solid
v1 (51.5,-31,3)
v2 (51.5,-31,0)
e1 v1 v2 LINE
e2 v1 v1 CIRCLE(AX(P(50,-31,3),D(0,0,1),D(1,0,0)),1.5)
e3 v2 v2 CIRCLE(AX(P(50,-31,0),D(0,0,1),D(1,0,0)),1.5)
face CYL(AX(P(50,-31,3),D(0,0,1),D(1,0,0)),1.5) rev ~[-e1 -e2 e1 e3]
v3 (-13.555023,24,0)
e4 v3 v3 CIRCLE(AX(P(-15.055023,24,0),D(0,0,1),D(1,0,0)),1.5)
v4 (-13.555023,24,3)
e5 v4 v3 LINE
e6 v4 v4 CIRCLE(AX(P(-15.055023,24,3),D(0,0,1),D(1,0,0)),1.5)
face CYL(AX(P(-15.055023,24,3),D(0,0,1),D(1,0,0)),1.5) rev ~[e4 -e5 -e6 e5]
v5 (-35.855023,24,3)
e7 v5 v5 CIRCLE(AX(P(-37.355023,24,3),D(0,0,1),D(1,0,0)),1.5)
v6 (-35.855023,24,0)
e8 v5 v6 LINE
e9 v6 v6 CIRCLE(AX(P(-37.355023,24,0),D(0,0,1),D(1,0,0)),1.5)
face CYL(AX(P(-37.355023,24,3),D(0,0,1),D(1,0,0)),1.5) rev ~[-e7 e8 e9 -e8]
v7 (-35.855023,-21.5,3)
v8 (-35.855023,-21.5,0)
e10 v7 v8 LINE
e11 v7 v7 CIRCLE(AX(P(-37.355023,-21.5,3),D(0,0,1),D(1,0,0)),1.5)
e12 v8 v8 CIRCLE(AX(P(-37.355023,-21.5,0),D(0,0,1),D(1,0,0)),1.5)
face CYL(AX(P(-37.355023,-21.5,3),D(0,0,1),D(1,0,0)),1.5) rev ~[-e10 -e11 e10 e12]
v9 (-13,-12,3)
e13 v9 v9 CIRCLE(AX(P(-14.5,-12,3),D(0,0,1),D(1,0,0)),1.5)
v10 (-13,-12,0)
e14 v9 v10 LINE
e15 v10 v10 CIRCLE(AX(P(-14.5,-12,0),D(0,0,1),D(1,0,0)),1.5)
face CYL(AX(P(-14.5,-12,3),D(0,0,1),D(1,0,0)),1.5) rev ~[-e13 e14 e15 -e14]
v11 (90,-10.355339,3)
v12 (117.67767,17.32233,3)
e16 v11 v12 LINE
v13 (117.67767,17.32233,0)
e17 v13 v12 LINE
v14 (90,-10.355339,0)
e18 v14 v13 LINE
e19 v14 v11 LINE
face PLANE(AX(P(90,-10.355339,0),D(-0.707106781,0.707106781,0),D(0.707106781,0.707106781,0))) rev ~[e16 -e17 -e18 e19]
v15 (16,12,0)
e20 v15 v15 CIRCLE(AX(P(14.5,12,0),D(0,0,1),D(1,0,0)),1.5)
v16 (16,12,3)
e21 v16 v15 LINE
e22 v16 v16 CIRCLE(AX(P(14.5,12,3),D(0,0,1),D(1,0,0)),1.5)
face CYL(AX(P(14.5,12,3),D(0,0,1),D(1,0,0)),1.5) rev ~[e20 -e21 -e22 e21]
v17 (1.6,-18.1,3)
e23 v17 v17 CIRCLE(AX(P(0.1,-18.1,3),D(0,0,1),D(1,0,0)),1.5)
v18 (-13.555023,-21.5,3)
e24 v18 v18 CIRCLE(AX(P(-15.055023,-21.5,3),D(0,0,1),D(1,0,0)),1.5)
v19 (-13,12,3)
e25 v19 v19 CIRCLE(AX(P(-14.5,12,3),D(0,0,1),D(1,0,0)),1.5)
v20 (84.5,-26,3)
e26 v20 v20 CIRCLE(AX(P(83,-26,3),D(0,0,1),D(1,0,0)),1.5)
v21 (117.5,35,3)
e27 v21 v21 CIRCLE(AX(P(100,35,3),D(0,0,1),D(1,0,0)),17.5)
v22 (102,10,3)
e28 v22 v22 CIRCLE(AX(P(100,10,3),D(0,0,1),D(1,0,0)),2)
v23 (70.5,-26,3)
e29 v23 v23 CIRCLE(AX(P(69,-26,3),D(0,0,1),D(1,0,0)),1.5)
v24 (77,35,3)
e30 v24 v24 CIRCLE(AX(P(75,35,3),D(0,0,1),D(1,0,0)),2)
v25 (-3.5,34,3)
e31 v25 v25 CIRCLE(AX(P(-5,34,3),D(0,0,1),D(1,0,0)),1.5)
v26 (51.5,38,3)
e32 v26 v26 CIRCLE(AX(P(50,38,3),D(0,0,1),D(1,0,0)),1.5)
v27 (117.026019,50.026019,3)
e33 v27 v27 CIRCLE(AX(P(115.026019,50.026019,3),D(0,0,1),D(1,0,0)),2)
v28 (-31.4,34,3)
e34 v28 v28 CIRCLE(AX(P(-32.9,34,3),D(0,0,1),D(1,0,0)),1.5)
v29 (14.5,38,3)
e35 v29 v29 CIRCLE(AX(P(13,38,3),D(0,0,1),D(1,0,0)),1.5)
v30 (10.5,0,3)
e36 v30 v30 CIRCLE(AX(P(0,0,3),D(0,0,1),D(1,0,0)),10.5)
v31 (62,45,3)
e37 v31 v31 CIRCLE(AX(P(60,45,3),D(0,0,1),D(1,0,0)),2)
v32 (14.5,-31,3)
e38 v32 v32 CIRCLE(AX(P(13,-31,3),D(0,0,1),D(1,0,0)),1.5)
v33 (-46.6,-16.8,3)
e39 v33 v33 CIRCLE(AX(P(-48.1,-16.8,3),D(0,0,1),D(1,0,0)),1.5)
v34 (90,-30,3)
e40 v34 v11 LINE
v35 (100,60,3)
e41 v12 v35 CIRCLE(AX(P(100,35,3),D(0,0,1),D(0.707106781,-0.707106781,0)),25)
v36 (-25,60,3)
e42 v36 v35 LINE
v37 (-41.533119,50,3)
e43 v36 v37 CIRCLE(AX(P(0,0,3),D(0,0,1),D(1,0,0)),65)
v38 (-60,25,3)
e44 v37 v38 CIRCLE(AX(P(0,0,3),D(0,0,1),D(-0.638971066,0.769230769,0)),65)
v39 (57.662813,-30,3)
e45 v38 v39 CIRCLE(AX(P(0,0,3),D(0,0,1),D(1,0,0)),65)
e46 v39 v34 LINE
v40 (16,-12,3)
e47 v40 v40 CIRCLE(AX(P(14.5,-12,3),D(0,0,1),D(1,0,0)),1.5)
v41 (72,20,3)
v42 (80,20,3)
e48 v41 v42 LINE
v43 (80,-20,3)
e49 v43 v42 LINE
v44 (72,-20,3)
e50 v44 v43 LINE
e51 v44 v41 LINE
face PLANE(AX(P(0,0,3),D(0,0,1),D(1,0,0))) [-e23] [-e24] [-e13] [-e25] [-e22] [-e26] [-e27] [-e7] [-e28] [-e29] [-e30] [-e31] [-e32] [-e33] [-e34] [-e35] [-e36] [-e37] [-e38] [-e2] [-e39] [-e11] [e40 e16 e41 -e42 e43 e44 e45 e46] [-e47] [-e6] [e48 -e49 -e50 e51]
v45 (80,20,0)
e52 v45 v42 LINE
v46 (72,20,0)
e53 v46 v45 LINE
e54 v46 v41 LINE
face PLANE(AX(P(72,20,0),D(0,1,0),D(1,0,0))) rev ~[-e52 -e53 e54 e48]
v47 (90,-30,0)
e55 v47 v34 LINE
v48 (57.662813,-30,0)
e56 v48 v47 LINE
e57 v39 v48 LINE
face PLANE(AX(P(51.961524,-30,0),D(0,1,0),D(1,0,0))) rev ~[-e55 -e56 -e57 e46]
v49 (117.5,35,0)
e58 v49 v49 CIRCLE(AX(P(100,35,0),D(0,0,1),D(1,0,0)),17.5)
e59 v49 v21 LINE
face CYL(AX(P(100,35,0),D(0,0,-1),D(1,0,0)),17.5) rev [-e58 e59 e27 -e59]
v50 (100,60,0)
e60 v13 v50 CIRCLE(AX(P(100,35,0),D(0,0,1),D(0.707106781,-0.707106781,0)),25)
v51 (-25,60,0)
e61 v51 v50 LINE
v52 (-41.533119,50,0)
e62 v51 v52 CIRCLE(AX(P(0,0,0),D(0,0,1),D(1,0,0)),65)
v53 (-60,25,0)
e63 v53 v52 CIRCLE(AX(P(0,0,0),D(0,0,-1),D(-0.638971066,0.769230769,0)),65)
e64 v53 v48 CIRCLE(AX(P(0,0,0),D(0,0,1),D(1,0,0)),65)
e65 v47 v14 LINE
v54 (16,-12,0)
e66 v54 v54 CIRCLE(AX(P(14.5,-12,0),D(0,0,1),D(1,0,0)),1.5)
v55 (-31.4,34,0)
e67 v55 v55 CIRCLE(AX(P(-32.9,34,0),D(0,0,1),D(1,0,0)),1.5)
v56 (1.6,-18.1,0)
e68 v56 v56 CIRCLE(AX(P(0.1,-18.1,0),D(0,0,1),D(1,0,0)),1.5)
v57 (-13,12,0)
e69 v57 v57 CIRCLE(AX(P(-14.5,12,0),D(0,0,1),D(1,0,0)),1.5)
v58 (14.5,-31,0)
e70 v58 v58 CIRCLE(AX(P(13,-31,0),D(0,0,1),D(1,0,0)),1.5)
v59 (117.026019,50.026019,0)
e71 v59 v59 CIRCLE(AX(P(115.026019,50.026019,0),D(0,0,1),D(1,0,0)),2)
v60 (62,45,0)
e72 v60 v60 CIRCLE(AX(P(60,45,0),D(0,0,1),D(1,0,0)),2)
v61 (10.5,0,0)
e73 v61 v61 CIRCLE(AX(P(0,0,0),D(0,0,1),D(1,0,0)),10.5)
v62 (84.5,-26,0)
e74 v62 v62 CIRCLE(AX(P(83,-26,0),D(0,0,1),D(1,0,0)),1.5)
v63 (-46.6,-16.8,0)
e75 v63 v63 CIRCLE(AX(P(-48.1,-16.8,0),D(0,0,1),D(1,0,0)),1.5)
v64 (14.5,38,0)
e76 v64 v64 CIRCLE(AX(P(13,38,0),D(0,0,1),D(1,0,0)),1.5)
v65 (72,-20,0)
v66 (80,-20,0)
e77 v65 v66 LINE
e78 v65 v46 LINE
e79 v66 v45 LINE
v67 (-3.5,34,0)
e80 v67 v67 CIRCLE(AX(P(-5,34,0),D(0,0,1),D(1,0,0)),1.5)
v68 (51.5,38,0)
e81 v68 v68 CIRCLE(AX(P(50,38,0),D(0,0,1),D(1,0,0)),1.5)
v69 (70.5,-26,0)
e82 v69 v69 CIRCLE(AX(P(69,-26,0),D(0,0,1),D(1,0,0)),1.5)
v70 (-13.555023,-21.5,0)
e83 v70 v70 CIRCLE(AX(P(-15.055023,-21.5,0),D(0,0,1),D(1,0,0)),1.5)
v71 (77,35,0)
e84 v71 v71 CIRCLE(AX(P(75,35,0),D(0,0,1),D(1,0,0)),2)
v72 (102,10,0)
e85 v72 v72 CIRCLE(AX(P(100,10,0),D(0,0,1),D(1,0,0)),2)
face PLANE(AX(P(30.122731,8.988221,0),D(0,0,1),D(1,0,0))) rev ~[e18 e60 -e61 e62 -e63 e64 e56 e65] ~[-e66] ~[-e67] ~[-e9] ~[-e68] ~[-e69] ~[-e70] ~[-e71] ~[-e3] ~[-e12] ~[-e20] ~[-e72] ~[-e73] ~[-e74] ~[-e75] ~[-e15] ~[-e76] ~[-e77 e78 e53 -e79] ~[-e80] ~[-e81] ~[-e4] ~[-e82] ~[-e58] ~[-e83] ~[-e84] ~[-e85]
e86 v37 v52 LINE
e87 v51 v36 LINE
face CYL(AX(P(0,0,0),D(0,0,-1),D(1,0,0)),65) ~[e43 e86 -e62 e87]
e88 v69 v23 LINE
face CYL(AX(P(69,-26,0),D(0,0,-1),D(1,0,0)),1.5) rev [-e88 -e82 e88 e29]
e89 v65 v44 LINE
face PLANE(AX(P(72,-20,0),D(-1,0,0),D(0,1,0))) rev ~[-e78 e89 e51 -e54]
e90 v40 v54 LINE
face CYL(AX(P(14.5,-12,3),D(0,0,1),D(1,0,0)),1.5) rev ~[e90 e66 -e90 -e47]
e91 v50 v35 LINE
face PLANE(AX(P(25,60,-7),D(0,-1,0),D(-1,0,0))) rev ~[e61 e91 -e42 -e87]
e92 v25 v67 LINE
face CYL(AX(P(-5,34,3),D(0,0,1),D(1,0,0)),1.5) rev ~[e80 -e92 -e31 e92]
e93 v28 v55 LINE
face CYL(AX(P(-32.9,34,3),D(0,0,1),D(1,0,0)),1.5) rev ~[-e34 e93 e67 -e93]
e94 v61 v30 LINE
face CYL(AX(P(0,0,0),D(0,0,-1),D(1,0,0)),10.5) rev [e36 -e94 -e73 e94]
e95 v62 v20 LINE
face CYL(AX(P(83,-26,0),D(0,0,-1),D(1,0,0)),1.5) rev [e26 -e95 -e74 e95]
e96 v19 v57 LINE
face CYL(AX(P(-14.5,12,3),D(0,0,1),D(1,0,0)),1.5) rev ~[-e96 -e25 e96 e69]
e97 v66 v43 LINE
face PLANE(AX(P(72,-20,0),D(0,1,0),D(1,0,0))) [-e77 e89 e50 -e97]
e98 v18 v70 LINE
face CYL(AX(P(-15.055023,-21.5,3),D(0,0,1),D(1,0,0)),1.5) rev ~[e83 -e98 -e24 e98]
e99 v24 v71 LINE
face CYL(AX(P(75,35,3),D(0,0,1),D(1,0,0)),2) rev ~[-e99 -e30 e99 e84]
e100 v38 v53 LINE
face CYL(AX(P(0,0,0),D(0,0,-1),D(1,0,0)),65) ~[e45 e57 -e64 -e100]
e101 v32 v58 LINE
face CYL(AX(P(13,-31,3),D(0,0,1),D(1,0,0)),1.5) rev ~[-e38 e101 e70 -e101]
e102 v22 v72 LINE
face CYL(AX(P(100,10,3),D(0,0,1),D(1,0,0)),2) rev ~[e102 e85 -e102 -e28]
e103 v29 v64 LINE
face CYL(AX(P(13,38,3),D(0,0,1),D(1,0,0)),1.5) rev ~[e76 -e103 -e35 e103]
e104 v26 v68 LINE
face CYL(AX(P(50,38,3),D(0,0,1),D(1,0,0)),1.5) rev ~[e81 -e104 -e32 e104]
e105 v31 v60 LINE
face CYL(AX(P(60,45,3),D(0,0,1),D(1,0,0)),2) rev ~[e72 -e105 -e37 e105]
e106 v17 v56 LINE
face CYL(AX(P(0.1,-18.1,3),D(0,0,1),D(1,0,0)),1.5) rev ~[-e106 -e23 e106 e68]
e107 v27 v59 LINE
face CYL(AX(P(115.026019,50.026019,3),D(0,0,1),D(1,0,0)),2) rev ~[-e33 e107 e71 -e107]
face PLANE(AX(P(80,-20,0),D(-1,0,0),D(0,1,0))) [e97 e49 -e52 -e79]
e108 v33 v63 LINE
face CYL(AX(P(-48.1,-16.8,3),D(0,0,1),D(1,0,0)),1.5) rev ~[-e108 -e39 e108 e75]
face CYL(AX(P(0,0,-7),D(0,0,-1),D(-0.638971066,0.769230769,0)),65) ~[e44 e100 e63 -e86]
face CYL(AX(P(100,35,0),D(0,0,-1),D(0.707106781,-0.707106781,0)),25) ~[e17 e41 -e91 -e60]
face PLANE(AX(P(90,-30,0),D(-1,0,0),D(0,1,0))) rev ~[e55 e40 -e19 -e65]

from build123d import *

# Parameters (mm, degrees)
SKETCH1_R           = 10.5
SKETCH1_R_2         = 1.5
SKETCH1_W           = 8
SKETCH1_H           = 40
SKETCH1_R_3         = 17.5
BOSS_EXTRUDE1_DEPTH = 3
CUT_EXTRUDE1_REACH  = 140.687
SKETCH2_R           = 2
CUT_EXTRUDE2_REACH  = 140.687
SKETCH3_R           = 2
BOSS_EXTRUDE2_START = -3
SKETCH4_R           = 65
SKETCH4_R_2         = 60
BOSS_EXTRUDE2_DEPTH = 3
CUT_EXTRUDE3_START  = -10
CUT_EXTRUDE3_DEPTH  = 10
CUT_EXTRUDE4_START  = -10
CUT_EXTRUDE4_DEPTH  = 10
CUT_EXTRUDE5_REACH  = 142.922
SKETCH7_R           = 1.5
CUT_EXTRUDE6_REACH  = 142.922
SKETCH8_R           = 1.5
CUT_EXTRUDE7_REACH  = 142.922
SKETCH9_R           = 1.5


with BuildPart() as part:
    # Sketch1 → Boss-Extrude1 (new body)
    # profile 1 of 2: a face of its own
    with BuildSketch(Plane.XY):
        with BuildLine():
            ThreePointArc((-60, 0), (-52.867640737, 28.372743309), (-33.166247904, 50))
            Line((-33.166247904, 50), (-60, 50))
            Line((-60, 50), (-60, 0))
        make_face()
    # profile 2 of 2: a face of its own
    with BuildSketch(Plane.XY):
        with BuildLine():
            ThreePointArc((0, 60), (-17.320508076, 57.445626465), (-33.166247904, 50))
            ThreePointArc((-33.166247904, 50), (-52.867640737, 28.372743309), (-60, 0))
            ThreePointArc((-60, 0), (-15.529142706, -57.955549577), (51.961524227, -30))
            Line((51.961524227, -30), (56.568542495, -30))
            Line((56.568542495, -30), (90, -30))
            Line((90, -30), (90, -10.355339059))
            Line((90, -10.355339059), (117.67766953, 17.32233047))
            ThreePointArc((117.67766953, 17.32233047), (123.096988313, 44.567085809), (100, 60))
            Line((100, 60), (0, 60))
        make_face()
        Circle(SKETCH1_R, mode=Mode.SUBTRACT)
        with Locations((69, -26)):
            Circle(SKETCH1_R_2, mode=Mode.SUBTRACT)
        with Locations((76, 0)):
            Rectangle(SKETCH1_W, SKETCH1_H, mode=Mode.SUBTRACT)
        with Locations((83, -26)):
            Circle(SKETCH1_R_2, mode=Mode.SUBTRACT)
        with Locations((100, 35)):
            Circle(SKETCH1_R_3, mode=Mode.SUBTRACT)
    extrude(amount=BOSS_EXTRUDE1_DEPTH)

    # Sketch2 → Cut-Extrude1 (cut, up to next)
    with BuildSketch(Plane.XY.offset(3), mode=Mode.PRIVATE) as cut_extrude1_sk1:
        with Locations((60, 45)):
            Circle(SKETCH2_R)
    cut_extrude1_tool1 = extrude(cut_extrude1_sk1.sketch, amount=-CUT_EXTRUDE1_REACH, mode=Mode.PRIVATE) & part.part
    add(cut_extrude1_tool1.solids().sort_by_distance((60, 45, 3))[0], mode=Mode.SUBTRACT)

    # Sketch3 → Cut-Extrude2 (cut, up to next)
    with BuildSketch(Plane.XY.offset(3), mode=Mode.PRIVATE) as cut_extrude2_sk1:
        with Locations((100, 10)):
            Circle(SKETCH3_R)
    cut_extrude2_tool1 = extrude(cut_extrude2_sk1.sketch, amount=-CUT_EXTRUDE2_REACH, mode=Mode.PRIVATE) & part.part
    # Sketch3 → Cut-Extrude2 (cut, up to next)
    with BuildSketch(Plane.XY.offset(3), mode=Mode.PRIVATE) as cut_extrude2_sk2:
        with Locations((75, 35)):
            Circle(SKETCH3_R)
    cut_extrude2_tool2 = extrude(cut_extrude2_sk2.sketch, amount=-CUT_EXTRUDE2_REACH, mode=Mode.PRIVATE) & part.part
    # Sketch3 → Cut-Extrude2 (cut, up to next)
    with BuildSketch(Plane.XY.offset(3), mode=Mode.PRIVATE) as cut_extrude2_sk3:
        with Locations((115.0260191, 50.0260191)):
            Circle(SKETCH3_R)
    cut_extrude2_tool3 = extrude(cut_extrude2_sk3.sketch, amount=-CUT_EXTRUDE2_REACH, mode=Mode.PRIVATE) & part.part
    add(cut_extrude2_tool1.solids().sort_by_distance((100, 10, 3))[0], mode=Mode.SUBTRACT)
    add(cut_extrude2_tool2.solids().sort_by_distance((75, 35, 3))[0], mode=Mode.SUBTRACT)
    add(cut_extrude2_tool3.solids().sort_by_distance((115.026019, 50.026019, 3))[0], mode=Mode.SUBTRACT)

    # Sketch4 → Boss-Extrude2 (add)
    with BuildSketch(Plane.XY.offset(3).offset(BOSS_EXTRUDE2_START)):
        Circle(SKETCH4_R)
        Circle(SKETCH4_R_2, mode=Mode.SUBTRACT)
    extrude(amount=BOSS_EXTRUDE2_DEPTH)

    # Sketch5 → Cut-Extrude3 (cut)
    with BuildSketch(Plane.XY.offset(3).offset(CUT_EXTRUDE3_START)):
        with BuildLine():
            Line((-60, 50), (-41.533119315, 50))
            ThreePointArc((-41.533119315, 50), (-52.282822987, 38.62002616), (-60, 25))
            Line((-60, 25), (-60, 50))
        make_face()
    extrude(amount=CUT_EXTRUDE3_DEPTH, mode=Mode.SUBTRACT)

    # Sketch6 → Cut-Extrude4 (cut)
    with BuildSketch(Plane.XY.offset(3).offset(CUT_EXTRUDE4_START)):
        with BuildLine():
            Line((25, 60), (-25, 60))
            ThreePointArc((-25, 60), (0, 65), (25, 60))
        make_face()
    extrude(amount=CUT_EXTRUDE4_DEPTH, mode=Mode.SUBTRACT)

    # Sketch7 → Cut-Extrude5 (cut, up to next)
    with BuildSketch(Plane.XY.offset(3), mode=Mode.PRIVATE) as cut_extrude5_sk1:
        with Locations((-14.5, 12)):
            Circle(SKETCH7_R)
    cut_extrude5_tool1 = extrude(cut_extrude5_sk1.sketch, amount=-CUT_EXTRUDE5_REACH, mode=Mode.PRIVATE) & part.part
    # Sketch7 → Cut-Extrude5 (cut, up to next)
    with BuildSketch(Plane.XY.offset(3), mode=Mode.PRIVATE) as cut_extrude5_sk2:
        with Locations((14.5, 12)):
            Circle(SKETCH7_R)
    cut_extrude5_tool2 = extrude(cut_extrude5_sk2.sketch, amount=-CUT_EXTRUDE5_REACH, mode=Mode.PRIVATE) & part.part
    # Sketch7 → Cut-Extrude5 (cut, up to next)
    with BuildSketch(Plane.XY.offset(3), mode=Mode.PRIVATE) as cut_extrude5_sk3:
        with Locations((-14.5, -12)):
            Circle(SKETCH7_R)
    cut_extrude5_tool3 = extrude(cut_extrude5_sk3.sketch, amount=-CUT_EXTRUDE5_REACH, mode=Mode.PRIVATE) & part.part
    # Sketch7 → Cut-Extrude5 (cut, up to next)
    with BuildSketch(Plane.XY.offset(3), mode=Mode.PRIVATE) as cut_extrude5_sk4:
        with Locations((14.5, -12)):
            Circle(SKETCH7_R)
    cut_extrude5_tool4 = extrude(cut_extrude5_sk4.sketch, amount=-CUT_EXTRUDE5_REACH, mode=Mode.PRIVATE) & part.part
    add(cut_extrude5_tool1.solids().sort_by_distance((-14.5, 12, 3))[0], mode=Mode.SUBTRACT)
    add(cut_extrude5_tool2.solids().sort_by_distance((14.5, 12, 3))[0], mode=Mode.SUBTRACT)
    add(cut_extrude5_tool3.solids().sort_by_distance((-14.5, -12, 3))[0], mode=Mode.SUBTRACT)
    add(cut_extrude5_tool4.solids().sort_by_distance((14.5, -12, 3))[0], mode=Mode.SUBTRACT)

    # Sketch8 → Cut-Extrude6 (cut, up to next)
    with BuildSketch(Plane.XY.offset(3), mode=Mode.PRIVATE) as cut_extrude6_sk1:
        with Locations((50, 38)):
            Circle(SKETCH8_R)
    cut_extrude6_tool1 = extrude(cut_extrude6_sk1.sketch, amount=-CUT_EXTRUDE6_REACH, mode=Mode.PRIVATE) & part.part
    # Sketch8 → Cut-Extrude6 (cut, up to next)
    with BuildSketch(Plane.XY.offset(3), mode=Mode.PRIVATE) as cut_extrude6_sk2:
        with Locations((13, 38)):
            Circle(SKETCH8_R)
    cut_extrude6_tool2 = extrude(cut_extrude6_sk2.sketch, amount=-CUT_EXTRUDE6_REACH, mode=Mode.PRIVATE) & part.part
    # Sketch8 → Cut-Extrude6 (cut, up to next)
    with BuildSketch(Plane.XY.offset(3), mode=Mode.PRIVATE) as cut_extrude6_sk3:
        with Locations((50, -31)):
            Circle(SKETCH8_R)
    cut_extrude6_tool3 = extrude(cut_extrude6_sk3.sketch, amount=-CUT_EXTRUDE6_REACH, mode=Mode.PRIVATE) & part.part
    # Sketch8 → Cut-Extrude6 (cut, up to next)
    with BuildSketch(Plane.XY.offset(3), mode=Mode.PRIVATE) as cut_extrude6_sk4:
        with Locations((13, -31)):
            Circle(SKETCH8_R)
    cut_extrude6_tool4 = extrude(cut_extrude6_sk4.sketch, amount=-CUT_EXTRUDE6_REACH, mode=Mode.PRIVATE) & part.part
    # Sketch8 → Cut-Extrude6 (cut, up to next)
    with BuildSketch(Plane.XY.offset(3), mode=Mode.PRIVATE) as cut_extrude6_sk5:
        with Locations((-5, 34)):
            Circle(SKETCH8_R)
    cut_extrude6_tool5 = extrude(cut_extrude6_sk5.sketch, amount=-CUT_EXTRUDE6_REACH, mode=Mode.PRIVATE) & part.part
    # Sketch8 → Cut-Extrude6 (cut, up to next)
    with BuildSketch(Plane.XY.offset(3), mode=Mode.PRIVATE) as cut_extrude6_sk6:
        with Locations((-32.9, 34)):
            Circle(SKETCH8_R)
    cut_extrude6_tool6 = extrude(cut_extrude6_sk6.sketch, amount=-CUT_EXTRUDE6_REACH, mode=Mode.PRIVATE) & part.part
    # Sketch8 → Cut-Extrude6 (cut, up to next)
    with BuildSketch(Plane.XY.offset(3), mode=Mode.PRIVATE) as cut_extrude6_sk7:
        with Locations((0.1, -18.1)):
            Circle(SKETCH8_R)
    cut_extrude6_tool7 = extrude(cut_extrude6_sk7.sketch, amount=-CUT_EXTRUDE6_REACH, mode=Mode.PRIVATE) & part.part
    # Sketch8 → Cut-Extrude6 (cut, up to next)
    with BuildSketch(Plane.XY.offset(3), mode=Mode.PRIVATE) as cut_extrude6_sk8:
        with Locations((-48.1, -16.8)):
            Circle(SKETCH8_R)
    cut_extrude6_tool8 = extrude(cut_extrude6_sk8.sketch, amount=-CUT_EXTRUDE6_REACH, mode=Mode.PRIVATE) & part.part
    add(cut_extrude6_tool1.solids().sort_by_distance((50, 38, 3))[0], mode=Mode.SUBTRACT)
    add(cut_extrude6_tool2.solids().sort_by_distance((13, 38, 3))[0], mode=Mode.SUBTRACT)
    add(cut_extrude6_tool3.solids().sort_by_distance((50, -31, 3))[0], mode=Mode.SUBTRACT)
    add(cut_extrude6_tool4.solids().sort_by_distance((13, -31, 3))[0], mode=Mode.SUBTRACT)
    add(cut_extrude6_tool5.solids().sort_by_distance((-5, 34, 3))[0], mode=Mode.SUBTRACT)
    add(cut_extrude6_tool6.solids().sort_by_distance((-32.9, 34, 3))[0], mode=Mode.SUBTRACT)
    add(cut_extrude6_tool7.solids().sort_by_distance((0.1, -18.1, 3))[0], mode=Mode.SUBTRACT)
    add(cut_extrude6_tool8.solids().sort_by_distance((-48.1, -16.8, 3))[0], mode=Mode.SUBTRACT)

    # Sketch9 → Cut-Extrude7 (cut, up to next)
    with BuildSketch(Plane.XY.offset(3), mode=Mode.PRIVATE) as cut_extrude7_sk1:
        with Locations((-15.055022894, 24)):
            Circle(SKETCH9_R)
    cut_extrude7_tool1 = extrude(cut_extrude7_sk1.sketch, amount=-CUT_EXTRUDE7_REACH, mode=Mode.PRIVATE) & part.part
    # Sketch9 → Cut-Extrude7 (cut, up to next)
    with BuildSketch(Plane.XY.offset(3), mode=Mode.PRIVATE) as cut_extrude7_sk2:
        with Locations((-15.055022894, -21.5)):
            Circle(SKETCH9_R)
    cut_extrude7_tool2 = extrude(cut_extrude7_sk2.sketch, amount=-CUT_EXTRUDE7_REACH, mode=Mode.PRIVATE) & part.part
    # Sketch9 → Cut-Extrude7 (cut, up to next)
    with BuildSketch(Plane.XY.offset(3), mode=Mode.PRIVATE) as cut_extrude7_sk3:
        with Locations((-37.355022894, 24)):
            Circle(SKETCH9_R)
    cut_extrude7_tool3 = extrude(cut_extrude7_sk3.sketch, amount=-CUT_EXTRUDE7_REACH, mode=Mode.PRIVATE) & part.part
    # Sketch9 → Cut-Extrude7 (cut, up to next)
    with BuildSketch(Plane.XY.offset(3), mode=Mode.PRIVATE) as cut_extrude7_sk4:
        with Locations((-37.355022894, -21.5)):
            Circle(SKETCH9_R)
    cut_extrude7_tool4 = extrude(cut_extrude7_sk4.sketch, amount=-CUT_EXTRUDE7_REACH, mode=Mode.PRIVATE) & part.part
    add(cut_extrude7_tool1.solids().sort_by_distance((-15.055023, 24, 3))[0], mode=Mode.SUBTRACT)
    add(cut_extrude7_tool2.solids().sort_by_distance((-15.055023, -21.5, 3))[0], mode=Mode.SUBTRACT)
    add(cut_extrude7_tool3.solids().sort_by_distance((-37.355023, 24, 3))[0], mode=Mode.SUBTRACT)
    add(cut_extrude7_tool4.solids().sort_by_distance((-37.355023, -21.5, 3))[0], mode=Mode.SUBTRACT)


solid = part.part
